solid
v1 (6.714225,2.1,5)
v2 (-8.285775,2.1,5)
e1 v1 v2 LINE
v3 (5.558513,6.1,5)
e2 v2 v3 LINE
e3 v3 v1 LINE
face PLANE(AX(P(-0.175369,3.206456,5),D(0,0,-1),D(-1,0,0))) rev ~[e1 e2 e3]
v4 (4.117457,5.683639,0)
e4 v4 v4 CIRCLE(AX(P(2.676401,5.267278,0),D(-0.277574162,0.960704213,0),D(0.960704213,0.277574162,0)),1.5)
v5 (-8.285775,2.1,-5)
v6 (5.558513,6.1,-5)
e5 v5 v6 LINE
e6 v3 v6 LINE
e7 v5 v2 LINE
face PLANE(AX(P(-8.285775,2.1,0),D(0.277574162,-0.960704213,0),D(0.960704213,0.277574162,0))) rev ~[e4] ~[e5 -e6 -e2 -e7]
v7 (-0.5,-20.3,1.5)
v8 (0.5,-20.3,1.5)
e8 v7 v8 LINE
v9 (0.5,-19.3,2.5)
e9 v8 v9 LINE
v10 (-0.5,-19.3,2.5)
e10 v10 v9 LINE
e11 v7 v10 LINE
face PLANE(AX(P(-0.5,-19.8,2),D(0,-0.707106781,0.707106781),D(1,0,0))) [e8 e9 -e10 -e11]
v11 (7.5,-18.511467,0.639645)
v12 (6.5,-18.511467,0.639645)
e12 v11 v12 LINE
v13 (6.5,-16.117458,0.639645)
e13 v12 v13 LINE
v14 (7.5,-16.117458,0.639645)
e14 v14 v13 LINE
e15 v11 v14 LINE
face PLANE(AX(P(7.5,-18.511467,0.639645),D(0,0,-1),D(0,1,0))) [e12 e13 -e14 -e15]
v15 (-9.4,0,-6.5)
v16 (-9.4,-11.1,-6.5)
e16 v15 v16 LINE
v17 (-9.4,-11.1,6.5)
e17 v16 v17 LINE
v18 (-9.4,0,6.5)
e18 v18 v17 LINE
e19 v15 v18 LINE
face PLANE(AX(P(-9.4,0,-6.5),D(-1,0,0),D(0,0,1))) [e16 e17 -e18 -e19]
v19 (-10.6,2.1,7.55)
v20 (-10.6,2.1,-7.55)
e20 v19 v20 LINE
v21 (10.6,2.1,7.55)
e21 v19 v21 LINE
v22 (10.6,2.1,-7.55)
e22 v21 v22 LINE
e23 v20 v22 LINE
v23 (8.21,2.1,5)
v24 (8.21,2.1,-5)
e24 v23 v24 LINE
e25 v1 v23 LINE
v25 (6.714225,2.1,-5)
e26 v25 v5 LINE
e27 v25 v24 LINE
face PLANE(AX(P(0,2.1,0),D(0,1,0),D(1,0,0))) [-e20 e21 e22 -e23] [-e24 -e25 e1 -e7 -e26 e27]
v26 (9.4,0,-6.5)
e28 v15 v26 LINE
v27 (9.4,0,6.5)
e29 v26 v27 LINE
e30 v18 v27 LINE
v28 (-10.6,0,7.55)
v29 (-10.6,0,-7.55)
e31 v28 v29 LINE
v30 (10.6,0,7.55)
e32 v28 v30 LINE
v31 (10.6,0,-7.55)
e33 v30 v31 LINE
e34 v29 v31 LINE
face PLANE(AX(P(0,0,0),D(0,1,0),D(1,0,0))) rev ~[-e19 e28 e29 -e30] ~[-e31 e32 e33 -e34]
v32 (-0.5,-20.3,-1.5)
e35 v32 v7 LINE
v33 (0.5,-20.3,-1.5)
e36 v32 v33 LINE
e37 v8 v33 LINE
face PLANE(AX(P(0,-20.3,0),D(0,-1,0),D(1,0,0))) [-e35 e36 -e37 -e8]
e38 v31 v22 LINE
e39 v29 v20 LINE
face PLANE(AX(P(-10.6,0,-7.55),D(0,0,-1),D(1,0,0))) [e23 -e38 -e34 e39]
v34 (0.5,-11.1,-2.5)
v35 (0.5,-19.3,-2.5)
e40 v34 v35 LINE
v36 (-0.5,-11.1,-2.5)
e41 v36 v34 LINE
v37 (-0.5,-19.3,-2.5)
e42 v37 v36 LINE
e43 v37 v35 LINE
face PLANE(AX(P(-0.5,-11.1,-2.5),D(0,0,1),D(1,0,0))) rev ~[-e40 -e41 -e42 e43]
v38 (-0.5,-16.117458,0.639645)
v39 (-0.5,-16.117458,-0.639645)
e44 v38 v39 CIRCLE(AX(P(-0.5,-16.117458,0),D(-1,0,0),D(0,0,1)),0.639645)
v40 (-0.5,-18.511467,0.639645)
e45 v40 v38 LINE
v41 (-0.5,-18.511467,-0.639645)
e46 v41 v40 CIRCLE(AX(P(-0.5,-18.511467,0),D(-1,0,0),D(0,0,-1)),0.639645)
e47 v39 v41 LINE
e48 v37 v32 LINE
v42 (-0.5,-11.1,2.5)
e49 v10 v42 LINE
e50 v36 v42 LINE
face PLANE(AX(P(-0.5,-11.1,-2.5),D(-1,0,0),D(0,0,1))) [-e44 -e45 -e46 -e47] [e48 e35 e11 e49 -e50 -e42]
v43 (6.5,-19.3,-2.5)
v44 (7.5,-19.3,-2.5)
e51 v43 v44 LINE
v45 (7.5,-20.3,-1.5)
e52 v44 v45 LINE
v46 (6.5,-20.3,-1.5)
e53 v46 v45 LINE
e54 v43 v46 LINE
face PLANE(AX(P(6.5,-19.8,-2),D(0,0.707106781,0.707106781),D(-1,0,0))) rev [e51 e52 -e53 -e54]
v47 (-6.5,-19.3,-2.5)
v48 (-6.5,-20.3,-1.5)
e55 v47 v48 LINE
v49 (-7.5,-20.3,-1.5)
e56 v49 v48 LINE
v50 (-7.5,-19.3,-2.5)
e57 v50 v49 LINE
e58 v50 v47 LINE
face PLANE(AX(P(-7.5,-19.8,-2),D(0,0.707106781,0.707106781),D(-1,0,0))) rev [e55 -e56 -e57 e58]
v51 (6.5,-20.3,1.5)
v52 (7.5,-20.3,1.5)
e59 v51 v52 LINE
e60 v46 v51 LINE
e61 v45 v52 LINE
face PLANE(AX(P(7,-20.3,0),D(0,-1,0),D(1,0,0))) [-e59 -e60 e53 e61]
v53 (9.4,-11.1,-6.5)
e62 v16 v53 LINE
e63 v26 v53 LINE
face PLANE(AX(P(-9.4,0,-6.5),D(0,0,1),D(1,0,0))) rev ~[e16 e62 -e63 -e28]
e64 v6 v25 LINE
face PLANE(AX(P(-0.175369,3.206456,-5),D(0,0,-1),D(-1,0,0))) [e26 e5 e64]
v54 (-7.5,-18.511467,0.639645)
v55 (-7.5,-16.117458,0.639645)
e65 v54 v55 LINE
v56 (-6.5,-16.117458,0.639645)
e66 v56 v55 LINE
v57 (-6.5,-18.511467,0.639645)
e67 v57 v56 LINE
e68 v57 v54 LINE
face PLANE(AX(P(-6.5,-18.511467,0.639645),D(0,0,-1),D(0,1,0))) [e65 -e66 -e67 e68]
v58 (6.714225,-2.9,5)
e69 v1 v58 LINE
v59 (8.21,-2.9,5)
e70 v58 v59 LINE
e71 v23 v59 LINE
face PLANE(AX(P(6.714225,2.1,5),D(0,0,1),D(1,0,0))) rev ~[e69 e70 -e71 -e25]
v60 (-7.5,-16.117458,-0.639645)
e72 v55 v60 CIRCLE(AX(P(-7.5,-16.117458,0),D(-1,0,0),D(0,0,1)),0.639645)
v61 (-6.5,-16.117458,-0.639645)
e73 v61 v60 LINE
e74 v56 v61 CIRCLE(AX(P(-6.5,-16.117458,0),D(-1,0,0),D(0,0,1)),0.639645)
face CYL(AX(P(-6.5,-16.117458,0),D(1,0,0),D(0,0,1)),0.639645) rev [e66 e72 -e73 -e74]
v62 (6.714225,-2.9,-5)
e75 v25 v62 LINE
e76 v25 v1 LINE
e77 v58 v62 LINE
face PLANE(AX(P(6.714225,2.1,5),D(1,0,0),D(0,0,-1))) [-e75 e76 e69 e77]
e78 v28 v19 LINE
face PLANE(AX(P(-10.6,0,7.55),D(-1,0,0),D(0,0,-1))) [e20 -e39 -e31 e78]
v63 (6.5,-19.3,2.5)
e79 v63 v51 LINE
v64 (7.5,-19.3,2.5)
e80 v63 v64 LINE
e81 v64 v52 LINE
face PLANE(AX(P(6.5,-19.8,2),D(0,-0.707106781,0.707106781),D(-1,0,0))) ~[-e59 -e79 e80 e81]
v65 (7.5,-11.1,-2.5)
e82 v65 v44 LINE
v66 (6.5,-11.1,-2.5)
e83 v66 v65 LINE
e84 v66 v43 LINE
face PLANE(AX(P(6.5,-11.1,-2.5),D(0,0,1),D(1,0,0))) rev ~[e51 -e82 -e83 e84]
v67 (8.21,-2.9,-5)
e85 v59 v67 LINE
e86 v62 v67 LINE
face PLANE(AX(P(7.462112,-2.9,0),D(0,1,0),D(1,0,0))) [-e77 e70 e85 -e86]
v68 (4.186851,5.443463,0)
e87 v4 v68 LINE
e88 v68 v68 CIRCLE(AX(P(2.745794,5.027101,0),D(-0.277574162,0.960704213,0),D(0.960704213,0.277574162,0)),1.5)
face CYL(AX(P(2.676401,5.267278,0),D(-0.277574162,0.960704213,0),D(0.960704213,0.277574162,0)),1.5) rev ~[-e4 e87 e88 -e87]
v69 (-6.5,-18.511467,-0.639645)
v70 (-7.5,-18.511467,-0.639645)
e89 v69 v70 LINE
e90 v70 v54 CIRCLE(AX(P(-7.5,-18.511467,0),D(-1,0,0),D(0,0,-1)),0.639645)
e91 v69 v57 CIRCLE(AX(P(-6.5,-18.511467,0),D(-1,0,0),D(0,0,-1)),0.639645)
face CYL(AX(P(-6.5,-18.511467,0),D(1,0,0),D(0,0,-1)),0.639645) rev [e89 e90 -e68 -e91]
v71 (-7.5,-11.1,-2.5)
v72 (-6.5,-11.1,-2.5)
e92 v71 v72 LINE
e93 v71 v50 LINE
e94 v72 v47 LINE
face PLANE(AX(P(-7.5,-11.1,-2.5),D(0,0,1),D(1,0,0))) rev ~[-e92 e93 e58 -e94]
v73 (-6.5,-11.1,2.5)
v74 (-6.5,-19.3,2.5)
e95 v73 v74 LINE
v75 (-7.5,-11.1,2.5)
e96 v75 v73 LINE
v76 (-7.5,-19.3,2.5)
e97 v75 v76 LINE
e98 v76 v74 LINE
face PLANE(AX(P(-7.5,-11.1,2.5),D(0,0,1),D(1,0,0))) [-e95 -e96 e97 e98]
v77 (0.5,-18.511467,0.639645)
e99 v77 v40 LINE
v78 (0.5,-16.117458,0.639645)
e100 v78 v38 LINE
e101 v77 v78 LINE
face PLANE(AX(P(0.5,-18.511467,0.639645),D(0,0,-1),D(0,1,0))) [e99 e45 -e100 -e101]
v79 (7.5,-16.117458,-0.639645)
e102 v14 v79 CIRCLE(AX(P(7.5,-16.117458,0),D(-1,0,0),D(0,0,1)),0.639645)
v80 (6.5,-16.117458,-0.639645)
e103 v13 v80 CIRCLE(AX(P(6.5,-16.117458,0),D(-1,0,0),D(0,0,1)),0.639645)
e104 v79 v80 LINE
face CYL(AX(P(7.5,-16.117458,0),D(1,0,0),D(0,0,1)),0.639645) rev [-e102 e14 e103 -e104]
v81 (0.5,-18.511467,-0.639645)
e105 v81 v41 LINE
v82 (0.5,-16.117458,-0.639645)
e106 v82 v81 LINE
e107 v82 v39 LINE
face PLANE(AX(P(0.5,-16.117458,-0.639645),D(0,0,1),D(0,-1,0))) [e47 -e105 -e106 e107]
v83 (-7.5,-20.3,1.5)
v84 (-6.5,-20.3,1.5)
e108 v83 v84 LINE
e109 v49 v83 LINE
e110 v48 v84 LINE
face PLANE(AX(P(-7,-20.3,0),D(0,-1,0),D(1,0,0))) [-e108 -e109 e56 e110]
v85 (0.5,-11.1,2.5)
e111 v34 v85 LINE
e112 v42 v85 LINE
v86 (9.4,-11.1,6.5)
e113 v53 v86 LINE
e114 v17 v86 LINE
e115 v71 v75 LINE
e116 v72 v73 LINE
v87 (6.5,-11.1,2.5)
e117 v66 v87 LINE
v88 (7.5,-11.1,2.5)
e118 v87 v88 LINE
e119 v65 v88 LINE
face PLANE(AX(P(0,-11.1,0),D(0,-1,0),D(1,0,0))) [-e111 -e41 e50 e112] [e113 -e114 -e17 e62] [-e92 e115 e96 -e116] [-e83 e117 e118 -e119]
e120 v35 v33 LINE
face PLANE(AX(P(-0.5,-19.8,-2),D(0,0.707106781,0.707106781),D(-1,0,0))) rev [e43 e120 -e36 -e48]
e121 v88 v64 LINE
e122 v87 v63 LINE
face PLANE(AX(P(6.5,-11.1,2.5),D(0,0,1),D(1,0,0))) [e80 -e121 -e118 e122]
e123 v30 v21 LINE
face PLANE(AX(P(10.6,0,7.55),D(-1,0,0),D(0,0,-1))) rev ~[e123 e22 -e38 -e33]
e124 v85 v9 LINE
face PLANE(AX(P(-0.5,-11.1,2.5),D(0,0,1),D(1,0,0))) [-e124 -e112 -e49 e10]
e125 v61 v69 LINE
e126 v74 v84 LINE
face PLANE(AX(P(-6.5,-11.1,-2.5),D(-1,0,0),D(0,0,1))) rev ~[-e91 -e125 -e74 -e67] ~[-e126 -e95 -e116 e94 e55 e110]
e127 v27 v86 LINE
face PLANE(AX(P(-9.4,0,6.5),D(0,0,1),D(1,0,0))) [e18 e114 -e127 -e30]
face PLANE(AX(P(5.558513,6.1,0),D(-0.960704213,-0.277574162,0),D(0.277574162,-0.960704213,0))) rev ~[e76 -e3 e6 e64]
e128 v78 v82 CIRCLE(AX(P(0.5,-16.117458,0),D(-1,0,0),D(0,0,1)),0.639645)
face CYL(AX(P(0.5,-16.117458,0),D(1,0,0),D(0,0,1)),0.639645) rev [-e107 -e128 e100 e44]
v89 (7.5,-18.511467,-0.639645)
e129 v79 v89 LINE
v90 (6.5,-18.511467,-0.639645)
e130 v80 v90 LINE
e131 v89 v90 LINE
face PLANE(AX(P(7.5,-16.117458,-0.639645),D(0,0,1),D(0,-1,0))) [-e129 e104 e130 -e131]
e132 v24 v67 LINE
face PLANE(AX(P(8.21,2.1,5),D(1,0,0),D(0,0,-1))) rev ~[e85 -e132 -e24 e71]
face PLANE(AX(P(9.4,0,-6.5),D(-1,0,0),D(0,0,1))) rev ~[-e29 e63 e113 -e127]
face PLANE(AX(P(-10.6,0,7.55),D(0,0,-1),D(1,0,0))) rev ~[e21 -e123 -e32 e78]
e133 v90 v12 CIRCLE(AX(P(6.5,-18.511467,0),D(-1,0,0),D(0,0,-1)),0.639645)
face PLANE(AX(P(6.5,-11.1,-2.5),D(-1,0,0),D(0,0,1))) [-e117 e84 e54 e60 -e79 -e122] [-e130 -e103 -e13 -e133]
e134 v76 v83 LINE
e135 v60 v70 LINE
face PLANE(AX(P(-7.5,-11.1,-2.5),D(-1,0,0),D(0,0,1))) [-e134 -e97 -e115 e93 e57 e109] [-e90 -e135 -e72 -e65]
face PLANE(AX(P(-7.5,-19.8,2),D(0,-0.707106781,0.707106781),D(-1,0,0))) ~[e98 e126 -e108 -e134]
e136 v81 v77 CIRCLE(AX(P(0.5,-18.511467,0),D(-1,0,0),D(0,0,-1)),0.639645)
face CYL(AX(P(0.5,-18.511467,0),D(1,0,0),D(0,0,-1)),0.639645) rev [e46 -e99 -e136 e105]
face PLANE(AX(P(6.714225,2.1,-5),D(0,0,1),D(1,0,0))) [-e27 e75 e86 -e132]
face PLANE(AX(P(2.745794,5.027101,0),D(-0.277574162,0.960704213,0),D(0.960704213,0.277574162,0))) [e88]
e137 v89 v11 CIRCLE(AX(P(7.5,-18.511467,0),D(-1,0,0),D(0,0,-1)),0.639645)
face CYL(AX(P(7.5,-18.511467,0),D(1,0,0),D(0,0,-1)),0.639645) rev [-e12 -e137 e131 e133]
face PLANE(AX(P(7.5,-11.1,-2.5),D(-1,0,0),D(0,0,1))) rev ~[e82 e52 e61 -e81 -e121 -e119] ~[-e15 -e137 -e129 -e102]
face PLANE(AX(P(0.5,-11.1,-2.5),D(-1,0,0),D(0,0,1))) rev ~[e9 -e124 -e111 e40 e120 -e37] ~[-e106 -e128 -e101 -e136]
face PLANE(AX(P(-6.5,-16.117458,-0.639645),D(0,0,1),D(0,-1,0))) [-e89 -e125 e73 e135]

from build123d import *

# Parameters (mm, degrees)
SKETCH1_W                  = 21.2
SKETCH1_H                  = 15.1
BOSS_EXTRUDE1_DEPTH        = 2.1
SKETCH2_W                  = 18.8
SKETCH2_H                  = 13
BOSS_EXTRUDE2_DEPTH        = 11.1
BOSS_EXTRUDE3_DEPTH        = 5
BOSS_EXTRUDE3_DEPTH_BACK   = 5
SKETCH14_W                 = 1.495775322
SKETCH14_H                 = 10
CUT_EXTRUDE1_DEPTH         = 5
SKETCH15_R                 = 1.5
CUT_EXTRUDE2_DEPTH         = 0.25
SKETCH16_W                 = 1
SKETCH16_H                 = 5
BOSS_EXTRUDE4_DEPTH        = 9.2
CUT_EXTRUDE3_DEPTH         = 1
CHAMFER1_SIZE              = 1
LPATTERN1_COUNT            = 2
LPATTERN1_PITCH            = 7
LPATTERN1_COUNT_DIR2       = 2
LPATTERN1_PITCH_DIR2       = 7
CHAMFER1_OF_LPATTERN1_SIZE = 1


with BuildPart() as part:
    # Sketch1 → Boss-Extrude1 (new body)
    with BuildSketch(Plane(origin=(0, 0, 0), x_dir=(1, 0, 0), z_dir=(0, 1, 0))):
        Rectangle(SKETCH1_W, SKETCH1_H)
    extrude(amount=BOSS_EXTRUDE1_DEPTH)

    # Sketch2 → Boss-Extrude2 (add)
    with BuildSketch(Plane.XZ):
        Rectangle(SKETCH2_W, SKETCH2_H)
    extrude(amount=BOSS_EXTRUDE2_DEPTH)

    # Sketch12 → Boss-Extrude3 (add, two sides)
    with BuildSketch(Plane.XY) as boss_extrude3_sk:
        Polygon((-8.285775322, 2.1), (5.558513448, 6.1), (6.714224678, 2.1), align=None)
    extrude(amount=BOSS_EXTRUDE3_DEPTH)
    extrude(boss_extrude3_sk.sketch, amount=-BOSS_EXTRUDE3_DEPTH_BACK)

    # Sketch14 → Cut-Extrude1 (cut)
    with BuildSketch(Plane(origin=(0, 2.1, 0), x_dir=(1, 0, 0), z_dir=(0, 1, 0))):
        with Locations((7.462112339, 0)):
            Rectangle(SKETCH14_W, SKETCH14_H)
    extrude(amount=-CUT_EXTRUDE1_DEPTH, mode=Mode.SUBTRACT)

    # Sketch15 → Cut-Extrude2 (cut)
    with BuildSketch(Plane(origin=(-1.198397572, 4.147740514, 0), x_dir=(0.960704213, 0.277574162, 0), z_dir=(-0.277574162, 0.960704213, 0))):
        with Locations((4.033289675, 0)):
            Circle(SKETCH15_R)
    extrude(amount=-CUT_EXTRUDE2_DEPTH, mode=Mode.SUBTRACT)

    # Sketch16 → Boss-Extrude4 (add)
    with BuildSketch(Plane.XZ.offset(11.1)):
        Rectangle(SKETCH16_W, SKETCH16_H)
    boss_extrude4 = extrude(amount=BOSS_EXTRUDE4_DEPTH)

    # Sketch17 → Cut-Extrude3 (cut)
    with BuildSketch(Plane(origin=(0.5, 0, 0), x_dir=(0, 0, -1), z_dir=(1, 0, 0))):
        with BuildLine():
            Line((-0.639644883, -18.511467052), (-0.639644883, -16.117458369))
            ThreePointArc((-0.639644883, -16.117458369), (0, -15.477813486), (0.639644883, -16.117458369))
            Line((0.639644883, -16.117458369), (0.639644883, -18.511467052))
            ThreePointArc((0.639644883, -18.511467052), (0, -19.151111935), (-0.639644883, -18.511467052))
        make_face()
    cut_extrude3 = extrude(amount=-CUT_EXTRUDE3_DEPTH, mode=Mode.SUBTRACT)

    # Chamfer1
    chamfer1_edges = [part.edges().sort_by_distance(p)[0] for p in [
        (0, -20.3, 2.5),
        (0, -20.3, -2.5),
    ]]
    chamfer(chamfer1_edges, length=CHAMFER1_SIZE)

    # LPattern1: Boss-Extrude4, Cut-Extrude3 2 × 2
    with Locations(*[Vector(1, 0, 0) * (i * LPATTERN1_PITCH) + Vector(-1, 0, 0) * (j * LPATTERN1_PITCH_DIR2) for i in range(LPATTERN1_COUNT) for j in range(LPATTERN1_COUNT_DIR2) if (i, j) != (0, 0)]):
        add(boss_extrude4)
        add(cut_extrude3, mode=Mode.SUBTRACT)

    # Chamfer1 of LPattern1
    chamfer1_of_lpattern1_edges = [part.edges().sort_by_distance(p)[0] for p in [
        (-7, -20.3, 2.5),
        (-7, -20.3, -2.5),
        (7, -20.3, 2.5),
        (7, -20.3, -2.5),
        (0, -20.3, 2.5),
        (0, -20.3, -2.5),
    ]]
    chamfer(chamfer1_of_lpattern1_edges, length=CHAMFER1_OF_LPATTERN1_SIZE)


solid = part.part
